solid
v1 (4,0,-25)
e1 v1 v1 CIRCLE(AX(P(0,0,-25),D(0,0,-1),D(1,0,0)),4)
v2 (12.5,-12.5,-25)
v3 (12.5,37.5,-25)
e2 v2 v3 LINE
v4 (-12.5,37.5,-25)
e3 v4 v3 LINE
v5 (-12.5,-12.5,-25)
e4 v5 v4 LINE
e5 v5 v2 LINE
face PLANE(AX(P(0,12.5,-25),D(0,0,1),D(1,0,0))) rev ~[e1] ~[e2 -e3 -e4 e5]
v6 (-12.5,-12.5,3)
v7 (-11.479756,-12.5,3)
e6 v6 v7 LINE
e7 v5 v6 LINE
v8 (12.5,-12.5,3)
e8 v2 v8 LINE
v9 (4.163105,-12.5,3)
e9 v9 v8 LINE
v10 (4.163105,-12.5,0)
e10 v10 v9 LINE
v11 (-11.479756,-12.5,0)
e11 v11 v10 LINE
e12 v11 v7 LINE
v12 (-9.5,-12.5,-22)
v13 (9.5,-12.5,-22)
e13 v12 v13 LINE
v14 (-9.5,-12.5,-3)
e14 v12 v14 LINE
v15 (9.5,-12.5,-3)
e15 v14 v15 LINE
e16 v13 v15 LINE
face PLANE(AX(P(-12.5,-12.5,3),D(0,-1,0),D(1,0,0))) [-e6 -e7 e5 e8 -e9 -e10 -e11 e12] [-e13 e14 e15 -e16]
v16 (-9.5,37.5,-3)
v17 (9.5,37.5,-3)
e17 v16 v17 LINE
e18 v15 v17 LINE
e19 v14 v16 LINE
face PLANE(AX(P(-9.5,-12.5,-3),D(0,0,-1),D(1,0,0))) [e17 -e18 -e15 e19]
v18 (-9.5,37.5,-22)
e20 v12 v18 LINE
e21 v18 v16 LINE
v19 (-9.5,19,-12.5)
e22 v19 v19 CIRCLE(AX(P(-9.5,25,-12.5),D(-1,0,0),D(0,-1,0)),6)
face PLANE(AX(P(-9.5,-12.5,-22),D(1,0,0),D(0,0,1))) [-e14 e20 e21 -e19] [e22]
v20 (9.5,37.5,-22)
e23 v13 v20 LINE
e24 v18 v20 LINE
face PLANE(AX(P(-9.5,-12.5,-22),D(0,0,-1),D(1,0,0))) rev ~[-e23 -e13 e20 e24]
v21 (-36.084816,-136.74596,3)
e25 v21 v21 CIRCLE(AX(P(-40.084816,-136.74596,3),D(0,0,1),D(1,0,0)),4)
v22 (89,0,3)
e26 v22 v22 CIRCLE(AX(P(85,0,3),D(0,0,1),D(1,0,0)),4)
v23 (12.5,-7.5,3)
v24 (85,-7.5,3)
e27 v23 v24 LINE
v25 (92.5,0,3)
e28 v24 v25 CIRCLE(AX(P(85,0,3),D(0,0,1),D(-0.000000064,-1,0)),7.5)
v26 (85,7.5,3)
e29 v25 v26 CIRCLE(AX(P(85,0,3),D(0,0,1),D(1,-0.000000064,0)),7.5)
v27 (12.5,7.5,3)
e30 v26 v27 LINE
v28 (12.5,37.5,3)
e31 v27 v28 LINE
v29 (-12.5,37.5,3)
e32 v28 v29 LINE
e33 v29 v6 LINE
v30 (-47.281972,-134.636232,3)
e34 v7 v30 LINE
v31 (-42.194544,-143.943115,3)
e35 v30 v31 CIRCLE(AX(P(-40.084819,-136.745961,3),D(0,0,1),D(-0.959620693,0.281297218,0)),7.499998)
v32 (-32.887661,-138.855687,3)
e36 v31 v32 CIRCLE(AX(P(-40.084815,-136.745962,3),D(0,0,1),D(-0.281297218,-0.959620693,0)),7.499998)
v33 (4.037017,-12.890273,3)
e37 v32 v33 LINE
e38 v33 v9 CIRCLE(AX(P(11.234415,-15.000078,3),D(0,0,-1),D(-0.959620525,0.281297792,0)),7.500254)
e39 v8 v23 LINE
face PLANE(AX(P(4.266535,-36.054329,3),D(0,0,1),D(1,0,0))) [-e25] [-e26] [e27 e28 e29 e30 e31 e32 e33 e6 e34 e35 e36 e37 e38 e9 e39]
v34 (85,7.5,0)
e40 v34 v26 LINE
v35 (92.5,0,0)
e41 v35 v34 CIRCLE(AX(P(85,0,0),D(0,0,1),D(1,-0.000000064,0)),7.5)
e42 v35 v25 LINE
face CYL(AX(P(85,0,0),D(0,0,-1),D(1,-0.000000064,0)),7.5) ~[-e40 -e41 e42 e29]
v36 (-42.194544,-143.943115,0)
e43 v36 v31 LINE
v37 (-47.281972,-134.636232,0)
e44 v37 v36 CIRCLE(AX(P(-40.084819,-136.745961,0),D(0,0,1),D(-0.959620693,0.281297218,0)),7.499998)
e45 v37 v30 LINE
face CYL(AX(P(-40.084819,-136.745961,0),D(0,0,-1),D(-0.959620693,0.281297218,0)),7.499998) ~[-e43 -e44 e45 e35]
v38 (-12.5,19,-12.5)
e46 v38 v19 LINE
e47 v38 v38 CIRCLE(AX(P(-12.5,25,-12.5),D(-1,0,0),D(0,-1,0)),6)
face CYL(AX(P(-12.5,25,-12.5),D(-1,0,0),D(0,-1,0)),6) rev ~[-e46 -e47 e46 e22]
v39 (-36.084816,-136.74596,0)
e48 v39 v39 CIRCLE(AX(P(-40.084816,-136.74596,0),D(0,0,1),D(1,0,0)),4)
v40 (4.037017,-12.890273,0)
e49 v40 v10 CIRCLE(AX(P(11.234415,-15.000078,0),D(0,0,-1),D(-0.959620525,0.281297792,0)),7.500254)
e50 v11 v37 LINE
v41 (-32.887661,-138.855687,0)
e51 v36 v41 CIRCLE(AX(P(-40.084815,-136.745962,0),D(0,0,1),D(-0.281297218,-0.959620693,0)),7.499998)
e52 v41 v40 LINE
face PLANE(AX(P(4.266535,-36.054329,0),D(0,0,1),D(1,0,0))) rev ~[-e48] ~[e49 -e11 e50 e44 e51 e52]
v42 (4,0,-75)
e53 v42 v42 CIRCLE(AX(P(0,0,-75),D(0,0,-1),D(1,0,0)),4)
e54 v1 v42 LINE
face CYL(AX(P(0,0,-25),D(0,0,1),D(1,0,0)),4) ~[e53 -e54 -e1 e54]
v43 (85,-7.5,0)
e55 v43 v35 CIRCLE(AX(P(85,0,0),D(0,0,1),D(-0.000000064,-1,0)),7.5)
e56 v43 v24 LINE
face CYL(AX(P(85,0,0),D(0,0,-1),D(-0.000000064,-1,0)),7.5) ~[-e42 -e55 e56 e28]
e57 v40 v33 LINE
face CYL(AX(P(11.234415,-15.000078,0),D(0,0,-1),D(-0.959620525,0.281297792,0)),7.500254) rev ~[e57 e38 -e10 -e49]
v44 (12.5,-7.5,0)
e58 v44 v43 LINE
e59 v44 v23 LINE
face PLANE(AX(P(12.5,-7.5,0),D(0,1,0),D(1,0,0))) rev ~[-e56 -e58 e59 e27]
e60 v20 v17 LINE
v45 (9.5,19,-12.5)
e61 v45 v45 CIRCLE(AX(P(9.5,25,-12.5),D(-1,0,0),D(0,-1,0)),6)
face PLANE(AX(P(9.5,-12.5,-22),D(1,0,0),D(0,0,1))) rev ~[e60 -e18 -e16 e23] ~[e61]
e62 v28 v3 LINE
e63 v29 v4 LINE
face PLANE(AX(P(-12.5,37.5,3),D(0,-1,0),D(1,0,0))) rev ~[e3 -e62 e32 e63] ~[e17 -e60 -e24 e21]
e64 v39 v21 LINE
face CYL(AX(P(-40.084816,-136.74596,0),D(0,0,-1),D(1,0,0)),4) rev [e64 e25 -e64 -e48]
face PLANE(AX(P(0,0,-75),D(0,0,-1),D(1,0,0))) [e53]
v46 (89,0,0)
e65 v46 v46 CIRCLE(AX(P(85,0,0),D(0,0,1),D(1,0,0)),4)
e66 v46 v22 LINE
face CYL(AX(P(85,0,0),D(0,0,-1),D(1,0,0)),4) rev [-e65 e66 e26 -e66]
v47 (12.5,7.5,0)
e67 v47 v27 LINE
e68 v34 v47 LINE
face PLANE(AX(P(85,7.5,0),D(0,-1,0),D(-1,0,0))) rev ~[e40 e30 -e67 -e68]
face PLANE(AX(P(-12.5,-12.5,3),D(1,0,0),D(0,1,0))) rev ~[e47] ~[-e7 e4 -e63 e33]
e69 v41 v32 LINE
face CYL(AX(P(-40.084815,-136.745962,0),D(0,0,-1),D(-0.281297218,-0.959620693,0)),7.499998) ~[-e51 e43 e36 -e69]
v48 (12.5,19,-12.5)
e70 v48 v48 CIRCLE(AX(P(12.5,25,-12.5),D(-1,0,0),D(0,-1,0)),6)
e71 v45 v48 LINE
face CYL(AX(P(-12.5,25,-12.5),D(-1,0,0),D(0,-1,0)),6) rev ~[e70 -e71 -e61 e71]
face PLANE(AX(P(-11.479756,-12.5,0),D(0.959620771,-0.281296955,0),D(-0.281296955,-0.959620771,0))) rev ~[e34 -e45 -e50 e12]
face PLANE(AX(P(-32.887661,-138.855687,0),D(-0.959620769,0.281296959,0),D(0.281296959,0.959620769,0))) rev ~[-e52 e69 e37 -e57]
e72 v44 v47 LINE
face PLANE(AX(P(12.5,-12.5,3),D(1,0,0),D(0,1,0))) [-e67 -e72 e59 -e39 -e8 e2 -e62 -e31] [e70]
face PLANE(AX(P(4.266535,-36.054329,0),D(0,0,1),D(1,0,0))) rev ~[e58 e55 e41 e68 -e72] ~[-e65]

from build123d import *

# Parameters (mm, degrees)
F0_R     = 4
F1_DEPTH = 3
F2_W     = 25
F2_H     = 50
F3_DEPTH = 28
F5_R     = 6
F6_DEPTH = 25
F7_W     = 19
F7_H     = 19
F8_DEPTH = 50
F4_R     = 4
F9_DEPTH = 50


with BuildPart() as f1:
    # F0 (on Top) → F1 (new body)
    with BuildSketch(Plane.XY):
        with BuildLine():
            Line((85, 7.5), (12.5, 7.5))
            Line((12.5, 7.5), (12.5, 37.5))
            Line((12.5, 37.5), (-12.5, 37.5))
            Line((-12.5, 37.5), (-12.5, -12.5))
            Line((-12.5, -12.5), (-11.479756, -12.5))
            Line((-11.479756, -12.5), (-47.281972, -134.636232))
            ThreePointArc((-47.281972, -134.636232), (-46.665777, -140.343315), (-42.194544, -143.943115))
            ThreePointArc((-42.194544, -143.943115), (-36.487461, -143.32692), (-32.887661, -138.855687))
            Line((-32.887661, -138.855687), (4.037017, -12.890273))
            ThreePointArc((4.037017, -12.890273), (4.097393, -12.694274), (4.163105, -12.5))
            Line((4.163105, -12.5), (12.5, -12.5))
            Line((12.5, -12.5), (12.5, -7.5))
            Line((12.5, -7.5), (85, -7.5))
            ThreePointArc((85, -7.5), (90.303301, -5.303301), (92.5, 0))
            ThreePointArc((92.5, 0), (90.303301, 5.303301), (85, 7.5))
        make_face()
        with Locations((-40.084816, -136.74596)):
            Circle(F0_R, mode=Mode.SUBTRACT)
        with Locations((85, 0)):
            Circle(F0_R, mode=Mode.SUBTRACT)
    extrude(amount=F1_DEPTH)

    # F2 (on face) → F3 (join)
    with BuildSketch(Plane.XY.offset(3)):
        with Locations((0, 12.5)):
            Rectangle(F2_W, F2_H)
    extrude(amount=-F3_DEPTH)

    # F5 (on face) → F6 (cut)
    with BuildSketch(Plane(origin=(-12.5, 0, 0), x_dir=(0, -1, 0), z_dir=(-1, 0, 0))):
        with Locations((-25, -12.5)):
            Circle(F5_R)
    extrude(amount=-F6_DEPTH, mode=Mode.SUBTRACT)

    # F7 (on face) → F8 (cut)
    with BuildSketch(Plane.XZ.offset(12.5)):
        with Locations((0, -12.5)):
            Rectangle(F7_W, F7_H)
    extrude(amount=-F8_DEPTH, mode=Mode.SUBTRACT)

    # F4 (on face) → F9 (join)
    with BuildSketch(Plane(origin=(0, 0, -25), x_dir=(1, 0, 0), z_dir=(0, 0, -1))):
        Circle(F4_R)
    extrude(amount=F9_DEPTH)


solid = f1.part
